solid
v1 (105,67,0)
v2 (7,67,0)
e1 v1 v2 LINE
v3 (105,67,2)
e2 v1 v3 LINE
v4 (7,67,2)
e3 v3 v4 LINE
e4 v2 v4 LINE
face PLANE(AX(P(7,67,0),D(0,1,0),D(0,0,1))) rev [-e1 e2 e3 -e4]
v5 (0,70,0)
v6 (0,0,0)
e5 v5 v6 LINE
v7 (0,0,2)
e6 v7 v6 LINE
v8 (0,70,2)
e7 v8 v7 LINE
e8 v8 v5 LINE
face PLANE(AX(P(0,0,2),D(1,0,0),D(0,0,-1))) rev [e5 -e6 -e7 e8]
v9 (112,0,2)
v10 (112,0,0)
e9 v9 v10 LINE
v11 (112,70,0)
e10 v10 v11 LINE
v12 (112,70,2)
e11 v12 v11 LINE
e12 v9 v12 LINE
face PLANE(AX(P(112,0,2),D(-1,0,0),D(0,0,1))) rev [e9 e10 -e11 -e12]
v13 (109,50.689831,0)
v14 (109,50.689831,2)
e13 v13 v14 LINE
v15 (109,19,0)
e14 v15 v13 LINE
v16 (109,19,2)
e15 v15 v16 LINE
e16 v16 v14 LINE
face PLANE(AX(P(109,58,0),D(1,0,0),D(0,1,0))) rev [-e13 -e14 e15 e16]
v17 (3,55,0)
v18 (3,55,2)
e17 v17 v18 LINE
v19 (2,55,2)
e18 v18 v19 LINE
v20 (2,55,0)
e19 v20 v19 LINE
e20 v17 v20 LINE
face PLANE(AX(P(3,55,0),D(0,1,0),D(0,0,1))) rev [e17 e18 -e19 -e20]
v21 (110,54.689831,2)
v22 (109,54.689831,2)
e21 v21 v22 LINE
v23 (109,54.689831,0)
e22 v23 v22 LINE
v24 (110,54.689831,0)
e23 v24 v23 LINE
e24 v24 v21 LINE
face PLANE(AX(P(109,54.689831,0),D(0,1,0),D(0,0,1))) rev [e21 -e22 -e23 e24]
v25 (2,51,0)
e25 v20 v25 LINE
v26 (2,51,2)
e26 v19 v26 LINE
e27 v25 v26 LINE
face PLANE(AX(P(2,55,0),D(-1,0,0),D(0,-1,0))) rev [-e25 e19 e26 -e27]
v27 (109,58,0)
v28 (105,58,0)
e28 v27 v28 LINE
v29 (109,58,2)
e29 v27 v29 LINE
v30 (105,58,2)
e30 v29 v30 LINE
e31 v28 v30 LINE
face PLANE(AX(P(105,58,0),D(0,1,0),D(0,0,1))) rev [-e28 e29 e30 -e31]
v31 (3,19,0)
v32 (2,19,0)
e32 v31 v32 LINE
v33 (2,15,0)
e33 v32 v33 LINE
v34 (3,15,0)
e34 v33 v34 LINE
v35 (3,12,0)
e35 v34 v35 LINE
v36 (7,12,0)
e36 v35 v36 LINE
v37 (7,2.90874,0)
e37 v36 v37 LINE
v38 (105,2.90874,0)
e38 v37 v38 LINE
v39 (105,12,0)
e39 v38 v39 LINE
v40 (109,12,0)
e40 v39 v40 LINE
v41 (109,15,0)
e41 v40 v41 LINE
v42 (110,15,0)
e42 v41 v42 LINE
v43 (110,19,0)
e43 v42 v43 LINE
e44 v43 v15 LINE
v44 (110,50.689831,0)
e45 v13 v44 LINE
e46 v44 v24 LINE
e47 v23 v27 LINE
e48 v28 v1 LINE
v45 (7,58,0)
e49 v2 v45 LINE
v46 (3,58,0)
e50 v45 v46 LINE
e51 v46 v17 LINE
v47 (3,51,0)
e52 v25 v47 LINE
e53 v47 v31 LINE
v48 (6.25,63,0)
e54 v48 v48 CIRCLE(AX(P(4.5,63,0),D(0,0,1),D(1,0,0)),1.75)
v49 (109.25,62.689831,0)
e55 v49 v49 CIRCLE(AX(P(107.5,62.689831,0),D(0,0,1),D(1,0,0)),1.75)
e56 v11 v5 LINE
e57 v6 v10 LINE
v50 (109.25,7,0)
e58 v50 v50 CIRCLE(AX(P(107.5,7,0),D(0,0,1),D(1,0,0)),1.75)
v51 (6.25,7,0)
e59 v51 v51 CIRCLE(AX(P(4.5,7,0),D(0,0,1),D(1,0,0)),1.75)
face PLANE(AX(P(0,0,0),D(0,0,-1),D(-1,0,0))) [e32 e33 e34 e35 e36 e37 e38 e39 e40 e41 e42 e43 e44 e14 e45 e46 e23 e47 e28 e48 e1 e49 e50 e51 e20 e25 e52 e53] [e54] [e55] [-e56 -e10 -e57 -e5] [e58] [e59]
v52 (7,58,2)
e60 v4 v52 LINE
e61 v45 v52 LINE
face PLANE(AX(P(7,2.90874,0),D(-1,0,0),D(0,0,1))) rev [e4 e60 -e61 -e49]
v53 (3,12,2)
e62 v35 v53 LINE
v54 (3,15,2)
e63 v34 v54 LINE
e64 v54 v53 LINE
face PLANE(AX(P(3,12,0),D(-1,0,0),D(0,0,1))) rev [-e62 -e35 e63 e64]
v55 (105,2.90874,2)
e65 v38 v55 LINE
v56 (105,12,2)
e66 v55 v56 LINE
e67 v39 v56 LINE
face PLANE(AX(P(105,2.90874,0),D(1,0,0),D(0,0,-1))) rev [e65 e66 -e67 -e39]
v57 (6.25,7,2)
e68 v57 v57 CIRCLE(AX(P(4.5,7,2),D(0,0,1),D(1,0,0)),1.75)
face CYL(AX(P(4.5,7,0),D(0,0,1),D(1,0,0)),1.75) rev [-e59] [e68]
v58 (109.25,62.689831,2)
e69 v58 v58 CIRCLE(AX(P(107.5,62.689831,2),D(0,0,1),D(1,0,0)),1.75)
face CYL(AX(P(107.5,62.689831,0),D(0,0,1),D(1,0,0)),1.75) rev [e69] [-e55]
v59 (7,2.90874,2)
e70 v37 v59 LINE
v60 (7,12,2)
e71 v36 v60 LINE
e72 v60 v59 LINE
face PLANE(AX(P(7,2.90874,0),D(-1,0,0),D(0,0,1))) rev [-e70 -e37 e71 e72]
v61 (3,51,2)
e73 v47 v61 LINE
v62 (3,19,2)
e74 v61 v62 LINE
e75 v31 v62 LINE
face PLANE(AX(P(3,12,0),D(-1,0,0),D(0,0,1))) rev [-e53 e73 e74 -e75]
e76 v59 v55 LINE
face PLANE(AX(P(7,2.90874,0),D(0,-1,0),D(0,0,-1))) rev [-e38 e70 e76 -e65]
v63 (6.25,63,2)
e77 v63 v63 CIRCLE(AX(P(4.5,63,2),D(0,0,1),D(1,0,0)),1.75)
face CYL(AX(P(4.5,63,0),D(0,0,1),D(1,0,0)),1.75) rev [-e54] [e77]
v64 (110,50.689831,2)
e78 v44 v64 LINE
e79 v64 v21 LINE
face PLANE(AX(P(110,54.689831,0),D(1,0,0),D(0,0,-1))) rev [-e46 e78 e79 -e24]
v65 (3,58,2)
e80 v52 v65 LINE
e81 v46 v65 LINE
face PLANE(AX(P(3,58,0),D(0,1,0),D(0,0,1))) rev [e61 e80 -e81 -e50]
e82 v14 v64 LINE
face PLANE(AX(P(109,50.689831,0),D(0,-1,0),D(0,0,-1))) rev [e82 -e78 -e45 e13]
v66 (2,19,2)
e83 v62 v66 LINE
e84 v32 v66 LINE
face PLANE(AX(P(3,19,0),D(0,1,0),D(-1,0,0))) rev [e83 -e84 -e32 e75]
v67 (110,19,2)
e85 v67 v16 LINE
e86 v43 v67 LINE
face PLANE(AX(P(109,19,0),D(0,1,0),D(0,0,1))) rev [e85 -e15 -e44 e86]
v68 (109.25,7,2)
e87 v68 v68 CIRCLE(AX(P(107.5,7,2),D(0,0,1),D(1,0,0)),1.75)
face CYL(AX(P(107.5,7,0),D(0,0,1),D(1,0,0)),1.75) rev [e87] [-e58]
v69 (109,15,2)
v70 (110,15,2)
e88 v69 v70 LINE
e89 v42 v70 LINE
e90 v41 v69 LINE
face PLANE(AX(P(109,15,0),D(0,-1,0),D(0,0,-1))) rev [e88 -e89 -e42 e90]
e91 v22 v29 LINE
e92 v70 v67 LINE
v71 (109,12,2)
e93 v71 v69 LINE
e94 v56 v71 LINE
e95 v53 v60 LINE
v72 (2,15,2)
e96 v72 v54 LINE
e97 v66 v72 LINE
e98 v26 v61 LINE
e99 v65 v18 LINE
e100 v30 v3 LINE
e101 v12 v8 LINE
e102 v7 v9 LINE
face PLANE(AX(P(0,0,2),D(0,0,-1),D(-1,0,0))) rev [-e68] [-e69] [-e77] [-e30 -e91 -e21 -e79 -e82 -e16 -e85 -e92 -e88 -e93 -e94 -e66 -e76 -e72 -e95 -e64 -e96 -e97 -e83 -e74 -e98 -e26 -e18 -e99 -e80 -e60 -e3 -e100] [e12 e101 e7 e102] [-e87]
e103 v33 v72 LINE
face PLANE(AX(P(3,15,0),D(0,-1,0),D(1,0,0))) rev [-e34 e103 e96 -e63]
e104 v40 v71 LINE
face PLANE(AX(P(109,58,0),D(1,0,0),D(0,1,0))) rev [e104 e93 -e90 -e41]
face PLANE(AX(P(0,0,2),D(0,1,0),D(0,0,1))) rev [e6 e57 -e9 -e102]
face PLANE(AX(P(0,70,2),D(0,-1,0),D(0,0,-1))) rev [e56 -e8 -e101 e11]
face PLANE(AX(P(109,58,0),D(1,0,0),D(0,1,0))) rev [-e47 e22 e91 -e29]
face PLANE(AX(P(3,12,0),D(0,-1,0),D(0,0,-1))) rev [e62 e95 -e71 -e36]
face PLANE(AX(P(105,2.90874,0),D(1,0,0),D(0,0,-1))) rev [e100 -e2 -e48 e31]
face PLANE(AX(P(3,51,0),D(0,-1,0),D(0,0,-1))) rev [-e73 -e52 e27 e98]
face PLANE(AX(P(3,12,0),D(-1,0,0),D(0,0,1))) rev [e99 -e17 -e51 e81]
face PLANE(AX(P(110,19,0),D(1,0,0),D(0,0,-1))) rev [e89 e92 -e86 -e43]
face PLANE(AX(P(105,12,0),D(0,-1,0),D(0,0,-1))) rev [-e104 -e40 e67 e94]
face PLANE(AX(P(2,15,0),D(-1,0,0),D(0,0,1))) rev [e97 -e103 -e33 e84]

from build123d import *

# Parameters (mm, degrees)
SKETCH1_W           = 112
SKETCH1_H           = 70
BOSS_EXTRUDE1_DEPTH = 2
SKETCH2_W           = 98
SKETCH2_H           = 64.091260174
CUT_EXTRUDE1_DEPTH  = 133.090877808
SKETCH3_W           = 4
SKETCH3_H           = 46
CUT_EXTRUDE2_DEPTH  = 133.090877808
SKETCH4_R           = 1.75
SKETCH4_W           = 1
SKETCH4_H           = 4
CUT_EXTRUDE3_DEPTH  = 133.090877808


with BuildPart() as part:
    # Sketch1 → Boss-Extrude1 (new body)
    with BuildSketch(Plane.XY):
        with Locations((56, 35)):
            Rectangle(SKETCH1_W, SKETCH1_H)
    extrude(amount=BOSS_EXTRUDE1_DEPTH)

    # Sketch2 → Cut-Extrude1 (cut, through all)
    with BuildSketch(Plane.XY.offset(2)):
        with Locations((56, 34.954369913)):
            Rectangle(SKETCH2_W, SKETCH2_H)
    extrude(amount=-CUT_EXTRUDE1_DEPTH, mode=Mode.SUBTRACT)

    # Sketch3 → Cut-Extrude2 (cut, through all)
    with BuildSketch(Plane.XY.offset(2)):
        with Locations((5, 35)):
            Rectangle(SKETCH3_W, SKETCH3_H)
        with Locations((107, 35)):
            Rectangle(SKETCH3_W, SKETCH3_H)
    extrude(amount=-CUT_EXTRUDE2_DEPTH, mode=Mode.SUBTRACT)

    # Sketch4 → Cut-Extrude3 (cut, through all)
    with BuildSketch(Plane.XY.offset(2)):
        with Locations((4.5, 63)):
            Circle(SKETCH4_R)
        with Locations((4.5, 7)):
            Circle(SKETCH4_R)
        with Locations((107.5, 7)):
            Circle(SKETCH4_R)
        with Locations((107.5, 62.689831266)):
            Circle(SKETCH4_R)
        with Locations((2.5, 53)):
            Rectangle(SKETCH4_W, SKETCH4_H)
        with Locations((2.5, 17)):
            Rectangle(SKETCH4_W, SKETCH4_H)
        with Locations((109.5, 52.689831266)):
            Rectangle(SKETCH4_W, SKETCH4_H)
        with Locations((109.5, 17)):
            Rectangle(SKETCH4_W, SKETCH4_H)
    extrude(amount=-CUT_EXTRUDE3_DEPTH, mode=Mode.SUBTRACT)


solid = part.part
